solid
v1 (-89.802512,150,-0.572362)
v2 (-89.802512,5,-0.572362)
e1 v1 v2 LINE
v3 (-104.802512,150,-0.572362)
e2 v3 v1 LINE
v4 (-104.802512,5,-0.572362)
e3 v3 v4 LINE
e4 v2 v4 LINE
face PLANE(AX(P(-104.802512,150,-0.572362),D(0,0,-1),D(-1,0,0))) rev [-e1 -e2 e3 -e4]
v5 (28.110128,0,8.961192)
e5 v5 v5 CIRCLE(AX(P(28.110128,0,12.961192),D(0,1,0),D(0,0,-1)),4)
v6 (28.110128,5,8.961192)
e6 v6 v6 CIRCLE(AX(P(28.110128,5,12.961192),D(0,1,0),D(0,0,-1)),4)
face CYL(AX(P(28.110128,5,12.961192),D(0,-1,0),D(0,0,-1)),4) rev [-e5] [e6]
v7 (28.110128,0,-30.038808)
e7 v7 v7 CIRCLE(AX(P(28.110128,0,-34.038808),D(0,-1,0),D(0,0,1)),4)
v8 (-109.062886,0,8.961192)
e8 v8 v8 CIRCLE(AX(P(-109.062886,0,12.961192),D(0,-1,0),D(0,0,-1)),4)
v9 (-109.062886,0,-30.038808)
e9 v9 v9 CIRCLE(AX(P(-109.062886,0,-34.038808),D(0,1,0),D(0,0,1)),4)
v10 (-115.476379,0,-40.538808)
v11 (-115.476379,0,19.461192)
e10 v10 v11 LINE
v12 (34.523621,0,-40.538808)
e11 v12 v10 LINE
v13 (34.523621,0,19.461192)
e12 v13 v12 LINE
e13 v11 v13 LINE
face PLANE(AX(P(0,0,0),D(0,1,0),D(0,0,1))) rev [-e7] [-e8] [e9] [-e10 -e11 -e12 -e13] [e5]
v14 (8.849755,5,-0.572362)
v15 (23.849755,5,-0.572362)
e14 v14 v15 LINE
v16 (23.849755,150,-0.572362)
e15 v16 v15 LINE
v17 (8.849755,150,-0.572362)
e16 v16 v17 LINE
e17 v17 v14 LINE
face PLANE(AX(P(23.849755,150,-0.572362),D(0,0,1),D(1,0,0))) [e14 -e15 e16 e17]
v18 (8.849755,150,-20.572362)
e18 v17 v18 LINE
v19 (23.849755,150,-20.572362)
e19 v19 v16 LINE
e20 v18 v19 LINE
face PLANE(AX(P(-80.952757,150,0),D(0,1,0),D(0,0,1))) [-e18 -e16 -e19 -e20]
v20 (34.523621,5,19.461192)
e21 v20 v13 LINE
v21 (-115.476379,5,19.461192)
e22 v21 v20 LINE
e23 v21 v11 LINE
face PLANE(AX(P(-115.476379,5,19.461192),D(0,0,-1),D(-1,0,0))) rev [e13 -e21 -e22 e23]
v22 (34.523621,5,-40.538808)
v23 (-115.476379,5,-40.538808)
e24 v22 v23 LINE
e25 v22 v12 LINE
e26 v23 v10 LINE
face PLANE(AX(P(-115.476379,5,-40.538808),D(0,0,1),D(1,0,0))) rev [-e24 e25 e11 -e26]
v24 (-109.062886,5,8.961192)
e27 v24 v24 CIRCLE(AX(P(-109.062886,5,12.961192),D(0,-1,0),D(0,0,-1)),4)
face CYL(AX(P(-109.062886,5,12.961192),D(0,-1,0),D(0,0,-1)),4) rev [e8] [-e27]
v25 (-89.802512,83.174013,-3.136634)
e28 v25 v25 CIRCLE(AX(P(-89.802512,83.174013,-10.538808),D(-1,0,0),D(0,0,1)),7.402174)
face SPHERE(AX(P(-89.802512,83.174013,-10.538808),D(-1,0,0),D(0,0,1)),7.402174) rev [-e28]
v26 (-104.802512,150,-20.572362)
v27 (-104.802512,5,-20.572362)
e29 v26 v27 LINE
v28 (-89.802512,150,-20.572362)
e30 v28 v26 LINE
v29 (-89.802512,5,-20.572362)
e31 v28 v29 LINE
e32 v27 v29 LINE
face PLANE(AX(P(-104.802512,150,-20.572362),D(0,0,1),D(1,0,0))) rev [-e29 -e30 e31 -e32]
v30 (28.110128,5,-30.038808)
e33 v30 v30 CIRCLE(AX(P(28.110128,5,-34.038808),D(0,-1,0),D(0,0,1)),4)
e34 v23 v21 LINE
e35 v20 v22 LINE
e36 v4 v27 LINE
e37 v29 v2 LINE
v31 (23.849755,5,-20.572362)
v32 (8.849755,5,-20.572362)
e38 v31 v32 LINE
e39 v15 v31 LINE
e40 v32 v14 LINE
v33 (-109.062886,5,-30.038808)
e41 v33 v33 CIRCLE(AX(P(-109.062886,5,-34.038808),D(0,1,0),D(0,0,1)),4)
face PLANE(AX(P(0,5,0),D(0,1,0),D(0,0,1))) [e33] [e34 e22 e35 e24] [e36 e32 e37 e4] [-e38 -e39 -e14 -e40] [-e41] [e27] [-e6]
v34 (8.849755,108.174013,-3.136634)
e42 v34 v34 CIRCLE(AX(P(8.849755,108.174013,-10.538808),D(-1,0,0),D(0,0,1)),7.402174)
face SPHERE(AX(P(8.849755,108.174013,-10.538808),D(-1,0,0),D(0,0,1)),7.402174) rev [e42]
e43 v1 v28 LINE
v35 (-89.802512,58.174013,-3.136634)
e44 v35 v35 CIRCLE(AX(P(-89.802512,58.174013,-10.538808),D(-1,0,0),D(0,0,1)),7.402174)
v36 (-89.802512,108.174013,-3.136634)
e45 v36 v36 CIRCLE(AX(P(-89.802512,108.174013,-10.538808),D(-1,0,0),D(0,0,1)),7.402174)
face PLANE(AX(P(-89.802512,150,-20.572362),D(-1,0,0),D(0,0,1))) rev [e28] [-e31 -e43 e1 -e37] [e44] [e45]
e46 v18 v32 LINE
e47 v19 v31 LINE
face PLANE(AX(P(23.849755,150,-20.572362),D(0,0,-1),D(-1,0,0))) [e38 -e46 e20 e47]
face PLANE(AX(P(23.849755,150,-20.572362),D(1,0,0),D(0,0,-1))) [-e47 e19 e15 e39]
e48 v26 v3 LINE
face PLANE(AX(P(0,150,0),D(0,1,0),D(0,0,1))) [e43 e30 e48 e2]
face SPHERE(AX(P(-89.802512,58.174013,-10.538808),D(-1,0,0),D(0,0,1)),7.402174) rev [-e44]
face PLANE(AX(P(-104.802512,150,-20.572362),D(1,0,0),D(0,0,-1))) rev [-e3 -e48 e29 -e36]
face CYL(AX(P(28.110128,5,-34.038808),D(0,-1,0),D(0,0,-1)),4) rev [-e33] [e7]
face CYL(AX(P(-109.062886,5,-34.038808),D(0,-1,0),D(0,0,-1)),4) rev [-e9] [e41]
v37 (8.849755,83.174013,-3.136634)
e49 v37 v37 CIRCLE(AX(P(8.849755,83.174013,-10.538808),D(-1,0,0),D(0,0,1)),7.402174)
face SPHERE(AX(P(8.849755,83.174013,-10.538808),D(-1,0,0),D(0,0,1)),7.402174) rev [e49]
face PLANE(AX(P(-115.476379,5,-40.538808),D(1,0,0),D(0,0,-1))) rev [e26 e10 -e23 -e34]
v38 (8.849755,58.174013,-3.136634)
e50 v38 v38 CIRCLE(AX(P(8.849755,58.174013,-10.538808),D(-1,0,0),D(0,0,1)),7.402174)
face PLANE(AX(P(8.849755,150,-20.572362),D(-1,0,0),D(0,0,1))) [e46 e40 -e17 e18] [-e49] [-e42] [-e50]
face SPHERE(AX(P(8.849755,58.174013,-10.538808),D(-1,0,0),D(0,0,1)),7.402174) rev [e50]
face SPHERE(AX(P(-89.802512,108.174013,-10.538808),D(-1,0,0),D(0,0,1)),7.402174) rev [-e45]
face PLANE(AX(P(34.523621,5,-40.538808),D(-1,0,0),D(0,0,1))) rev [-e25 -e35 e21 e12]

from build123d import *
from build123d.topology import SkipClean

# Parameters (mm, degrees)
SKETCH_2_W                 = 150
SKETCH_2_H                 = 60
EXTRUDE_1_DEPTH            = 5
SKETCH_3_W                 = 15
SKETCH_3_H                 = 20
EXTRUDE_2_DEPTH            = 150
PATTERN_LINEAR_1_COUNT     = 2
PATTERN_LINEAR_1_PITCH     = 25
PATTERN_LINEAR_1_COL_COUNT = 2
PATTERN_LINEAR_1_COL_PITCH = 25
SKETCH_22_R                = 4
CUT_EXTRUDE_3_DEPTH        = 5
MIRROR_19_COPY_1_SKETCH_R  = 4
MIRROR_19_COPY_1_DEPTH     = 5


with BuildPart() as part:
    # 草图2 → 凸台-拉伸1 (new body)
    with BuildSketch(Plane(origin=(0, 0, 0), x_dir=(1, 0, 0), z_dir=(0, 1, 0))):
        with Locations((-40.476378725, 10.538808084)):
            Rectangle(SKETCH_2_W, SKETCH_2_H)
    extrude(amount=EXTRUDE_1_DEPTH)

    # 草图3 → 凸台-拉伸2 (add)
    with BuildSketch(Plane(origin=(0, 0, 0), x_dir=(1, 0, 0), z_dir=(0, 1, 0))):
        with Locations((-97.302512432, 10.572361891)):
            Rectangle(SKETCH_3_W, SKETCH_3_H)
    extrude_2 = extrude(amount=EXTRUDE_2_DEPTH)

    # 草图19 → 切除-旋转29 (revolve, cut)
    with BuildSketch(Plane.XY.offset(-10.538808084)):
        with BuildLine():
            Line((-89.802512432, 90.57618696), (-89.802512432, 75.771839239))
            ThreePointArc((-89.802512432, 75.771839239), (-97.204686292, 83.1740131), (-89.802512432, 90.57618696))
        make_face()
    cut_revolve_29 = revolve(axis=Axis((-89.802512432, 90.57618696, -10.538808084), (0, -1, 0)), mode=Mode.SUBTRACT)

    # 阵列(线性)1: 切除-旋转29 ×2
    with Locations(*[(0, i * PATTERN_LINEAR_1_PITCH, 0) for i in range(1, PATTERN_LINEAR_1_COUNT)]):
        add(cut_revolve_29, mode=Mode.SUBTRACT)

    # 阵列(线性)1 col: 切除-旋转29 ×2
    with Locations(*[(0, -i * PATTERN_LINEAR_1_COL_PITCH, 0) for i in range(1, PATTERN_LINEAR_1_COL_COUNT)]):
        add(cut_revolve_29, mode=Mode.SUBTRACT)

    # 草图22 → 切除-拉伸3 (cut)
    with BuildSketch(Plane(origin=(0, 0, 0), x_dir=(1, 0, 0), z_dir=(0, 1, 0))):
        with Locations(Location((-109.062885819, 34.038808084, 0), (0, 0, 270))):
            Circle(SKETCH_22_R)
    cut_extrude_3 = extrude(amount=CUT_EXTRUDE_3_DEPTH, mode=Mode.SUBTRACT)

    # 镜向18: 切除-拉伸3 across plane
    add(cut_extrude_3.mirror(Plane.XY.offset(-10.538808084)), mode=Mode.SUBTRACT)

    # 镜向19: 切除-拉伸3 across plane
    add(cut_extrude_3.mirror(Plane(origin=(-40.476378725, 0, 0), x_dir=(0, 0, 1), z_dir=(1, 0, 0))), mode=Mode.SUBTRACT)

    # 镜向19 copy 1 sketch → 镜向19 copy 1 (cut)
    with BuildSketch(Plane(origin=(-80.95275745, 0, -21.077616169), x_dir=(-1, 0, 0), z_dir=(0, 1, 0))):
        with Locations(Location((-109.062885819, 34.038808084, 0), (0, 0, 270))):
            Circle(MIRROR_19_COPY_1_SKETCH_R)
    extrude(amount=MIRROR_19_COPY_1_DEPTH, mode=Mode.SUBTRACT)

    # 镜向20: 凸台-拉伸2 across plane
    add(extrude_2.mirror(Plane(origin=(-40.476378725, 0, 0), x_dir=(0, 0, 1), z_dir=(1, 0, 0))))

    # 镜向21: 切除-旋转29 across plane
    with SkipClean():  # the faces are left unmerged after this step: merging them gives an invalid solid
        add(cut_revolve_29.mirror(Plane(origin=(-40.476378725, 0, 0), x_dir=(0, 0, 1), z_dir=(1, 0, 0))), mode=Mode.SUBTRACT)

    # 镜向22 copy 1 sketch → 镜向22 copy 1 (revolve, cut)
    with SkipClean():  # the faces are left unmerged after this step: merging them gives an invalid solid
        with BuildSketch(Plane(origin=(-80.95275745, 25, -10.538808084), x_dir=(-1, 0, 0), z_dir=(0, 0, 1))):
            with BuildLine():
                Line((-89.802512432, -90.57618696), (-89.802512432, -75.771839239))
                ThreePointArc((-89.802512432, -75.771839239), (-97.204686292, -83.1740131), (-89.802512432, -90.57618696))
            make_face()
        revolve(axis=Axis((8.849754981, 115.57618696, -10.538808084), (0, 1, 0)), mode=Mode.SUBTRACT)

    # 镜向22 copy 2 sketch → 镜向22 copy 2 (revolve, cut)
    with SkipClean():  # the faces are left unmerged after this step: merging them gives an invalid solid
        with BuildSketch(Plane(origin=(-80.95275745, -25, -10.538808084), x_dir=(-1, 0, 0), z_dir=(0, 0, 1))):
            with BuildLine():
                Line((-89.802512432, -90.57618696), (-89.802512432, -75.771839239))
                ThreePointArc((-89.802512432, -75.771839239), (-97.204686292, -83.1740131), (-89.802512432, -90.57618696))
            make_face()
        revolve(axis=Axis((8.849754981, 65.57618696, -10.538808084), (0, 1, 0)), mode=Mode.SUBTRACT)

    # 镜向22 copy 3 sketch → 镜向22 copy 3 (revolve, cut)
    with SkipClean():  # the faces are left unmerged after this step: merging them gives an invalid solid
        with BuildSketch(Plane(origin=(-80.95275745, 0, -10.538808084), x_dir=(-1, 0, 0), z_dir=(0, 0, 1))):
            with BuildLine():
                Line((-89.802512432, -90.57618696), (-89.802512432, -75.771839239))
                ThreePointArc((-89.802512432, -75.771839239), (-97.204686292, -83.1740131), (-89.802512432, -90.57618696))
            make_face()
        revolve(axis=Axis((8.849754981, 90.57618696, -10.538808084), (0, 1, 0)), mode=Mode.SUBTRACT)


solid = part.part
